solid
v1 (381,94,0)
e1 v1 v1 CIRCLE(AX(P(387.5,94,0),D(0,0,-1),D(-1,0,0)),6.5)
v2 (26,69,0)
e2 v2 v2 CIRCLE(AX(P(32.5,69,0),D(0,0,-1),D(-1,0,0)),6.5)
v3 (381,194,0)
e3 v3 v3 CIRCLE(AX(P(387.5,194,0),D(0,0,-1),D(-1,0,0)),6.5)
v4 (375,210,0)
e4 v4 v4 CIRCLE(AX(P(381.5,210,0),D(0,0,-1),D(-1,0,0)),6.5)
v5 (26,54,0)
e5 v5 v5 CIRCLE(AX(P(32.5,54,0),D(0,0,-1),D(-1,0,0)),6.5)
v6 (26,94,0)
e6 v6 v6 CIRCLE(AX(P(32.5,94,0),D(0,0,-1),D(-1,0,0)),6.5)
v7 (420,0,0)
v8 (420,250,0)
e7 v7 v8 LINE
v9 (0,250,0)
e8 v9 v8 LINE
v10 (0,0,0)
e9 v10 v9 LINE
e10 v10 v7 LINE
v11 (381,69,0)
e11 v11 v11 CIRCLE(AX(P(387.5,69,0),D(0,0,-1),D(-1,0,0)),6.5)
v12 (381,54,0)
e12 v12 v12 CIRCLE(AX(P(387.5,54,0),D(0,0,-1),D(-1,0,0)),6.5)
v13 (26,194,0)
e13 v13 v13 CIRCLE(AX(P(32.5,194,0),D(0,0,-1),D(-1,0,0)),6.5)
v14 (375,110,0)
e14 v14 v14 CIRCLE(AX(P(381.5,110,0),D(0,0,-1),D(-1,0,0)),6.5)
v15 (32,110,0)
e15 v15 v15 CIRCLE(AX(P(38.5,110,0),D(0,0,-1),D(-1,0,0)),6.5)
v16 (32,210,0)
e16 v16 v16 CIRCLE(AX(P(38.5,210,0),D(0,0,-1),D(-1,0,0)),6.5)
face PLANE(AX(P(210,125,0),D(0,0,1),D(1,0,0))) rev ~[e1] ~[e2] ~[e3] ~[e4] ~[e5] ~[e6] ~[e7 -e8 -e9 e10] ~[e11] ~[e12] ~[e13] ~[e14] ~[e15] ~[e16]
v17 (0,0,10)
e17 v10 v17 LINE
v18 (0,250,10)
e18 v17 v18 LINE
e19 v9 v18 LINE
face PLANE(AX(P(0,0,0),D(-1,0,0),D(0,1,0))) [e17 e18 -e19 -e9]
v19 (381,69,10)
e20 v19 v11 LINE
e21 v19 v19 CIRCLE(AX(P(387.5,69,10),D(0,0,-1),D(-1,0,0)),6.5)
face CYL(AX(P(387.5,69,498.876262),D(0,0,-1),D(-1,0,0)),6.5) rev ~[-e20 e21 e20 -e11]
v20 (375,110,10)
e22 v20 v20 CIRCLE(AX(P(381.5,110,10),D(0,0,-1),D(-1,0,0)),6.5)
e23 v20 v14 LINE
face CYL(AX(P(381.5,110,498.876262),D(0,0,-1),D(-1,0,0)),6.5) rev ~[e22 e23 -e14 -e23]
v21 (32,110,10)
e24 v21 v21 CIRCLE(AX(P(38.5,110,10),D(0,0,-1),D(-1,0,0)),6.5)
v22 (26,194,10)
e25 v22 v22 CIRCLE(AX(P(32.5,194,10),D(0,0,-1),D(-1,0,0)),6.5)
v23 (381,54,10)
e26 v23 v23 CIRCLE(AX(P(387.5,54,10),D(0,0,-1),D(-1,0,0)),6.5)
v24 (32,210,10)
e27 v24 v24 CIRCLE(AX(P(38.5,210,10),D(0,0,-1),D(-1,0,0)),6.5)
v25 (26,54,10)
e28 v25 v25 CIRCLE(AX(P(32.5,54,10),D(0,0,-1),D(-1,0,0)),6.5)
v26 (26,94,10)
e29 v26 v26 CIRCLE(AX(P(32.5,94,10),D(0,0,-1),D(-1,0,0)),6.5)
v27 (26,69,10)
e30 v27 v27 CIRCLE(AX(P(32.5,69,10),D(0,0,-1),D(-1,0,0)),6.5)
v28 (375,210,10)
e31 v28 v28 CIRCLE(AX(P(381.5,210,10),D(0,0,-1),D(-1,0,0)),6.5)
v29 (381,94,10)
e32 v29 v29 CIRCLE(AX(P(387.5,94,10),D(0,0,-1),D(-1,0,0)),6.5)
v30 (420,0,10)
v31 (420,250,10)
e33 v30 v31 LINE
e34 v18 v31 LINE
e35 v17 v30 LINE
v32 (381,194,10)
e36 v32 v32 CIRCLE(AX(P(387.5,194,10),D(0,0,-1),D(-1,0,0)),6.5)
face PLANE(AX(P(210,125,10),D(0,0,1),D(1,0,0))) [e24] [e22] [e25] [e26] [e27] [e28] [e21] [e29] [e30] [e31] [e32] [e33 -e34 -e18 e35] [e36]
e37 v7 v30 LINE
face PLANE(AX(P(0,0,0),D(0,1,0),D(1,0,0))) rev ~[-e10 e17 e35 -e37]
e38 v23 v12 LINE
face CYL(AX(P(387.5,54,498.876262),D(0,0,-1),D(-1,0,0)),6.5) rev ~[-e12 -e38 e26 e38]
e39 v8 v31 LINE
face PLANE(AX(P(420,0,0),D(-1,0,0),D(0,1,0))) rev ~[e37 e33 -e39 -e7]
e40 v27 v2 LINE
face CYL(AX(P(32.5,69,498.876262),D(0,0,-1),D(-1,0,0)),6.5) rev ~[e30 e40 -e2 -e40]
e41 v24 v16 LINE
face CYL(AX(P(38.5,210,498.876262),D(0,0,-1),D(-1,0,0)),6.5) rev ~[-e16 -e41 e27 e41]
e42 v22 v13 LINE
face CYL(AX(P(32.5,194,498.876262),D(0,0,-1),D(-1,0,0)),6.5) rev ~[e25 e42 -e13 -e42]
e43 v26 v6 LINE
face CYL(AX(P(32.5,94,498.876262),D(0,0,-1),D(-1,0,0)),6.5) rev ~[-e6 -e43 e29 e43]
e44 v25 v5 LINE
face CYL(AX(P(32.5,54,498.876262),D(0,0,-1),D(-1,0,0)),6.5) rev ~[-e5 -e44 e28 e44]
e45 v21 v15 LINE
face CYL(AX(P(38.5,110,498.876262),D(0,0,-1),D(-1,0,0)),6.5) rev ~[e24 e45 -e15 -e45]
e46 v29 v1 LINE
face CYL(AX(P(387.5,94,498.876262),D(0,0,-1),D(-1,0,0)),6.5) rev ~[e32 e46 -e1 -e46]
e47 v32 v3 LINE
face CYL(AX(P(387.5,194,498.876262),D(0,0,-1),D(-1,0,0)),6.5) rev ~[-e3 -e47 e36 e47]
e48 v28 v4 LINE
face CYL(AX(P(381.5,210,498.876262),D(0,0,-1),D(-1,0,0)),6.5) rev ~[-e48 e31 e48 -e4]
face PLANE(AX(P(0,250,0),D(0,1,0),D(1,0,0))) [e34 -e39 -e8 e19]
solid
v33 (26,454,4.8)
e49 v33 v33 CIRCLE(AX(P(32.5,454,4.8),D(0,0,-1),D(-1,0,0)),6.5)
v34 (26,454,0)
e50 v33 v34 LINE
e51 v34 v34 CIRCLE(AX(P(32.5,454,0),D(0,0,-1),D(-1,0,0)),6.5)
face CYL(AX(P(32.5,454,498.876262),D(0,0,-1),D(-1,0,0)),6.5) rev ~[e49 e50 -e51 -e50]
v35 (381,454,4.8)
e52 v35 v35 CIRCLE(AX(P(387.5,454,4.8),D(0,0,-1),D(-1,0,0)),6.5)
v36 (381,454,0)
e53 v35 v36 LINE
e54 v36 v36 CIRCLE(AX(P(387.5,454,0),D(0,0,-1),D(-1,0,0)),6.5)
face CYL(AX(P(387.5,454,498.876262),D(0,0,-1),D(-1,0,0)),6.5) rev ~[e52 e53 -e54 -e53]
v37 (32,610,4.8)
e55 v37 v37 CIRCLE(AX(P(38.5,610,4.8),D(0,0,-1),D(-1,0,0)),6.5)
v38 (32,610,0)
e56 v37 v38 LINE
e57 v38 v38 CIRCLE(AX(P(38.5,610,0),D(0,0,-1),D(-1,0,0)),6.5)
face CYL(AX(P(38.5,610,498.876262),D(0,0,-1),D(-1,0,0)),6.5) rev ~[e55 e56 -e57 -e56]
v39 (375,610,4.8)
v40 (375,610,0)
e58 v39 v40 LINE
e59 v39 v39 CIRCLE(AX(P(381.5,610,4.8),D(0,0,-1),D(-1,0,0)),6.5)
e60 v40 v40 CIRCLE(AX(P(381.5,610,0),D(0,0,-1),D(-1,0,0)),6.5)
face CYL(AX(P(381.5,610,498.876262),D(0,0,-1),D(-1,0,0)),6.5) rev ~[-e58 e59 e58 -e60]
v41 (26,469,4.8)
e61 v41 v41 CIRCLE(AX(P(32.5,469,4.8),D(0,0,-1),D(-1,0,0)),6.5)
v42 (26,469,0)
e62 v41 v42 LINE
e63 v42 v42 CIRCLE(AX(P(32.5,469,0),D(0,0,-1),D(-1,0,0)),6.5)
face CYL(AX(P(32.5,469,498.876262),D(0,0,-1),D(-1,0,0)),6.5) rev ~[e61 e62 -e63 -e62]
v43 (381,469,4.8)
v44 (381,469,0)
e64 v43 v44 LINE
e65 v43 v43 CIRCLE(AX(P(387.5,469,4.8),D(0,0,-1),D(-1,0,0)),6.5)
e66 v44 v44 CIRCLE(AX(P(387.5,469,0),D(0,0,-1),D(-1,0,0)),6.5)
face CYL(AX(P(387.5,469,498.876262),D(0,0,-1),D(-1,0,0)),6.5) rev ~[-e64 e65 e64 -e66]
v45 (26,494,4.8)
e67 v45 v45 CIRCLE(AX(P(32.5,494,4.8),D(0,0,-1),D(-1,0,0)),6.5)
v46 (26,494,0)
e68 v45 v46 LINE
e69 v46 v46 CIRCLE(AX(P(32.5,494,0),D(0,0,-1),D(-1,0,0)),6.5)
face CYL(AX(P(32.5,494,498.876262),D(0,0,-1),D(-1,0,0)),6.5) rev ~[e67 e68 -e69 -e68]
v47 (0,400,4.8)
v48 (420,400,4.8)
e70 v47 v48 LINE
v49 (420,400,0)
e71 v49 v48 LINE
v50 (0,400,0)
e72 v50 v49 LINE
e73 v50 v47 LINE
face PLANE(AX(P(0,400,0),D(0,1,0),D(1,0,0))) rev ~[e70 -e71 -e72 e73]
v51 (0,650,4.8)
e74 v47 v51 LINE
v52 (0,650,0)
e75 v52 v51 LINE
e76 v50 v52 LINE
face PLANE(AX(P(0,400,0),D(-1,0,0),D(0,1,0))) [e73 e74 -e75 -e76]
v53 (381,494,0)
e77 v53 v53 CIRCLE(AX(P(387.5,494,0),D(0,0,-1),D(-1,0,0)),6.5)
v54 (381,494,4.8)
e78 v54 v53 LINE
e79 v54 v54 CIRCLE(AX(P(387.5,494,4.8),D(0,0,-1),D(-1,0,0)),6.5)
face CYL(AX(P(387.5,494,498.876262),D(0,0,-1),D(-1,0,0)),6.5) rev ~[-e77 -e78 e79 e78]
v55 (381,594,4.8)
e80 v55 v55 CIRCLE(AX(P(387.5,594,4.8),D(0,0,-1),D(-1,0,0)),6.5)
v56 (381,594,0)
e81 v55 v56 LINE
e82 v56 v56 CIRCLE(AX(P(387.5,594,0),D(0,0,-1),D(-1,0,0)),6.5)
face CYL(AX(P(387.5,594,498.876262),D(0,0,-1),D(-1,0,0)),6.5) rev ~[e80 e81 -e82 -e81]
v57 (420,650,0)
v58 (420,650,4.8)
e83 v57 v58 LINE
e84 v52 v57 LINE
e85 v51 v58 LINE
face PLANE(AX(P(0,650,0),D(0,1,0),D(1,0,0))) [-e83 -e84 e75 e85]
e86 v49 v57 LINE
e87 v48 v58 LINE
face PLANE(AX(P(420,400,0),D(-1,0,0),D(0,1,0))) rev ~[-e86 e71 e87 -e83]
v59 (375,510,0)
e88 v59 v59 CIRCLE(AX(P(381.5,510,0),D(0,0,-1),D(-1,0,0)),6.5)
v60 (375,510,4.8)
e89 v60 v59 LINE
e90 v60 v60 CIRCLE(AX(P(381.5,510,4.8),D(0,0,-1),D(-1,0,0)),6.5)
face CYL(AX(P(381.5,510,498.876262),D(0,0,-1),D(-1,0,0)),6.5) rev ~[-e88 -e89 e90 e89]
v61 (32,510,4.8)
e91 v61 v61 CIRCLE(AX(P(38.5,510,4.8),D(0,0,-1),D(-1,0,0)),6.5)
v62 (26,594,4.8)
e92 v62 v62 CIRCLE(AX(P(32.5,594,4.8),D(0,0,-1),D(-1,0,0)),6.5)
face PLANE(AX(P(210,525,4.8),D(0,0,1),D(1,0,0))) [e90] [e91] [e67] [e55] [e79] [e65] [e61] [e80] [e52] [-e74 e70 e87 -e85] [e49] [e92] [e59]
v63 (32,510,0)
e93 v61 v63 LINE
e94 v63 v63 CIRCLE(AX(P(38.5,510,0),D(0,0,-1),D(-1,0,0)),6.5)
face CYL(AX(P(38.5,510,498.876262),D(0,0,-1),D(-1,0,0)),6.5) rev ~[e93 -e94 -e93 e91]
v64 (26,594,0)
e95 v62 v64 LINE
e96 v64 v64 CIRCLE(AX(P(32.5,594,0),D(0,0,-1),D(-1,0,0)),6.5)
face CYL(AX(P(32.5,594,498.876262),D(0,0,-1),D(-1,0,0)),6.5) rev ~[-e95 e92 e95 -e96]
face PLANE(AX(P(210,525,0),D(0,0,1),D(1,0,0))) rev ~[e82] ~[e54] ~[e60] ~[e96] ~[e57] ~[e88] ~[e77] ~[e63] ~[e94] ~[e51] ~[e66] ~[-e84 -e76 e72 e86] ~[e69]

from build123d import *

# Parameters (mm, degrees)
F0_W      = 420
F0_H      = 250
F1_DEPTH  = 10
F3_D      = 13
F5_D      = 13
F7_D      = 13
F9_W      = 420
F9_H      = 250
F10_DEPTH = 5.2


with BuildPart() as f1:
    # F0 (on Top) → F1 (new body)
    with BuildSketch(Plane.XY):
        with Locations((210, 125)):
            Rectangle(F0_W, F0_H)
    extrude(amount=F1_DEPTH)

    # F3 (through all)
    with Locations(Plane.XY.offset(10)):
        with Locations((38.5, 210), (381.5, 210), (381.5, 110), (38.5, 110)):
            Hole(F3_D / 2)

    # F5 (through all)
    with Locations(Plane.XY.offset(10)):
        with Locations((32.5, 194), (387.5, 194), (387.5, 94), (387.5, 69), (32.5, 69), (32.5, 94)):
            Hole(F5_D / 2)

    # F7 (through all)
    with Locations(Plane.XY.offset(10)):
        with Locations((32.5, 194), (387.5, 194), (387.5, 54), (32.5, 54)):
            Hole(F7_D / 2)


with BuildPart() as f8_1:
    # F8: copy of F1
    add(f1.part.moved(Location((0, 400, 0))))

    # F9 (on face) → F10 (cut)
    with BuildSketch(Plane.XY.offset(10)):
        with Locations((210, 525)):
            Rectangle(F9_W, F9_H)
    extrude(amount=-F10_DEPTH, mode=Mode.SUBTRACT)


solid = Compound([f1.part, f8_1.part])
